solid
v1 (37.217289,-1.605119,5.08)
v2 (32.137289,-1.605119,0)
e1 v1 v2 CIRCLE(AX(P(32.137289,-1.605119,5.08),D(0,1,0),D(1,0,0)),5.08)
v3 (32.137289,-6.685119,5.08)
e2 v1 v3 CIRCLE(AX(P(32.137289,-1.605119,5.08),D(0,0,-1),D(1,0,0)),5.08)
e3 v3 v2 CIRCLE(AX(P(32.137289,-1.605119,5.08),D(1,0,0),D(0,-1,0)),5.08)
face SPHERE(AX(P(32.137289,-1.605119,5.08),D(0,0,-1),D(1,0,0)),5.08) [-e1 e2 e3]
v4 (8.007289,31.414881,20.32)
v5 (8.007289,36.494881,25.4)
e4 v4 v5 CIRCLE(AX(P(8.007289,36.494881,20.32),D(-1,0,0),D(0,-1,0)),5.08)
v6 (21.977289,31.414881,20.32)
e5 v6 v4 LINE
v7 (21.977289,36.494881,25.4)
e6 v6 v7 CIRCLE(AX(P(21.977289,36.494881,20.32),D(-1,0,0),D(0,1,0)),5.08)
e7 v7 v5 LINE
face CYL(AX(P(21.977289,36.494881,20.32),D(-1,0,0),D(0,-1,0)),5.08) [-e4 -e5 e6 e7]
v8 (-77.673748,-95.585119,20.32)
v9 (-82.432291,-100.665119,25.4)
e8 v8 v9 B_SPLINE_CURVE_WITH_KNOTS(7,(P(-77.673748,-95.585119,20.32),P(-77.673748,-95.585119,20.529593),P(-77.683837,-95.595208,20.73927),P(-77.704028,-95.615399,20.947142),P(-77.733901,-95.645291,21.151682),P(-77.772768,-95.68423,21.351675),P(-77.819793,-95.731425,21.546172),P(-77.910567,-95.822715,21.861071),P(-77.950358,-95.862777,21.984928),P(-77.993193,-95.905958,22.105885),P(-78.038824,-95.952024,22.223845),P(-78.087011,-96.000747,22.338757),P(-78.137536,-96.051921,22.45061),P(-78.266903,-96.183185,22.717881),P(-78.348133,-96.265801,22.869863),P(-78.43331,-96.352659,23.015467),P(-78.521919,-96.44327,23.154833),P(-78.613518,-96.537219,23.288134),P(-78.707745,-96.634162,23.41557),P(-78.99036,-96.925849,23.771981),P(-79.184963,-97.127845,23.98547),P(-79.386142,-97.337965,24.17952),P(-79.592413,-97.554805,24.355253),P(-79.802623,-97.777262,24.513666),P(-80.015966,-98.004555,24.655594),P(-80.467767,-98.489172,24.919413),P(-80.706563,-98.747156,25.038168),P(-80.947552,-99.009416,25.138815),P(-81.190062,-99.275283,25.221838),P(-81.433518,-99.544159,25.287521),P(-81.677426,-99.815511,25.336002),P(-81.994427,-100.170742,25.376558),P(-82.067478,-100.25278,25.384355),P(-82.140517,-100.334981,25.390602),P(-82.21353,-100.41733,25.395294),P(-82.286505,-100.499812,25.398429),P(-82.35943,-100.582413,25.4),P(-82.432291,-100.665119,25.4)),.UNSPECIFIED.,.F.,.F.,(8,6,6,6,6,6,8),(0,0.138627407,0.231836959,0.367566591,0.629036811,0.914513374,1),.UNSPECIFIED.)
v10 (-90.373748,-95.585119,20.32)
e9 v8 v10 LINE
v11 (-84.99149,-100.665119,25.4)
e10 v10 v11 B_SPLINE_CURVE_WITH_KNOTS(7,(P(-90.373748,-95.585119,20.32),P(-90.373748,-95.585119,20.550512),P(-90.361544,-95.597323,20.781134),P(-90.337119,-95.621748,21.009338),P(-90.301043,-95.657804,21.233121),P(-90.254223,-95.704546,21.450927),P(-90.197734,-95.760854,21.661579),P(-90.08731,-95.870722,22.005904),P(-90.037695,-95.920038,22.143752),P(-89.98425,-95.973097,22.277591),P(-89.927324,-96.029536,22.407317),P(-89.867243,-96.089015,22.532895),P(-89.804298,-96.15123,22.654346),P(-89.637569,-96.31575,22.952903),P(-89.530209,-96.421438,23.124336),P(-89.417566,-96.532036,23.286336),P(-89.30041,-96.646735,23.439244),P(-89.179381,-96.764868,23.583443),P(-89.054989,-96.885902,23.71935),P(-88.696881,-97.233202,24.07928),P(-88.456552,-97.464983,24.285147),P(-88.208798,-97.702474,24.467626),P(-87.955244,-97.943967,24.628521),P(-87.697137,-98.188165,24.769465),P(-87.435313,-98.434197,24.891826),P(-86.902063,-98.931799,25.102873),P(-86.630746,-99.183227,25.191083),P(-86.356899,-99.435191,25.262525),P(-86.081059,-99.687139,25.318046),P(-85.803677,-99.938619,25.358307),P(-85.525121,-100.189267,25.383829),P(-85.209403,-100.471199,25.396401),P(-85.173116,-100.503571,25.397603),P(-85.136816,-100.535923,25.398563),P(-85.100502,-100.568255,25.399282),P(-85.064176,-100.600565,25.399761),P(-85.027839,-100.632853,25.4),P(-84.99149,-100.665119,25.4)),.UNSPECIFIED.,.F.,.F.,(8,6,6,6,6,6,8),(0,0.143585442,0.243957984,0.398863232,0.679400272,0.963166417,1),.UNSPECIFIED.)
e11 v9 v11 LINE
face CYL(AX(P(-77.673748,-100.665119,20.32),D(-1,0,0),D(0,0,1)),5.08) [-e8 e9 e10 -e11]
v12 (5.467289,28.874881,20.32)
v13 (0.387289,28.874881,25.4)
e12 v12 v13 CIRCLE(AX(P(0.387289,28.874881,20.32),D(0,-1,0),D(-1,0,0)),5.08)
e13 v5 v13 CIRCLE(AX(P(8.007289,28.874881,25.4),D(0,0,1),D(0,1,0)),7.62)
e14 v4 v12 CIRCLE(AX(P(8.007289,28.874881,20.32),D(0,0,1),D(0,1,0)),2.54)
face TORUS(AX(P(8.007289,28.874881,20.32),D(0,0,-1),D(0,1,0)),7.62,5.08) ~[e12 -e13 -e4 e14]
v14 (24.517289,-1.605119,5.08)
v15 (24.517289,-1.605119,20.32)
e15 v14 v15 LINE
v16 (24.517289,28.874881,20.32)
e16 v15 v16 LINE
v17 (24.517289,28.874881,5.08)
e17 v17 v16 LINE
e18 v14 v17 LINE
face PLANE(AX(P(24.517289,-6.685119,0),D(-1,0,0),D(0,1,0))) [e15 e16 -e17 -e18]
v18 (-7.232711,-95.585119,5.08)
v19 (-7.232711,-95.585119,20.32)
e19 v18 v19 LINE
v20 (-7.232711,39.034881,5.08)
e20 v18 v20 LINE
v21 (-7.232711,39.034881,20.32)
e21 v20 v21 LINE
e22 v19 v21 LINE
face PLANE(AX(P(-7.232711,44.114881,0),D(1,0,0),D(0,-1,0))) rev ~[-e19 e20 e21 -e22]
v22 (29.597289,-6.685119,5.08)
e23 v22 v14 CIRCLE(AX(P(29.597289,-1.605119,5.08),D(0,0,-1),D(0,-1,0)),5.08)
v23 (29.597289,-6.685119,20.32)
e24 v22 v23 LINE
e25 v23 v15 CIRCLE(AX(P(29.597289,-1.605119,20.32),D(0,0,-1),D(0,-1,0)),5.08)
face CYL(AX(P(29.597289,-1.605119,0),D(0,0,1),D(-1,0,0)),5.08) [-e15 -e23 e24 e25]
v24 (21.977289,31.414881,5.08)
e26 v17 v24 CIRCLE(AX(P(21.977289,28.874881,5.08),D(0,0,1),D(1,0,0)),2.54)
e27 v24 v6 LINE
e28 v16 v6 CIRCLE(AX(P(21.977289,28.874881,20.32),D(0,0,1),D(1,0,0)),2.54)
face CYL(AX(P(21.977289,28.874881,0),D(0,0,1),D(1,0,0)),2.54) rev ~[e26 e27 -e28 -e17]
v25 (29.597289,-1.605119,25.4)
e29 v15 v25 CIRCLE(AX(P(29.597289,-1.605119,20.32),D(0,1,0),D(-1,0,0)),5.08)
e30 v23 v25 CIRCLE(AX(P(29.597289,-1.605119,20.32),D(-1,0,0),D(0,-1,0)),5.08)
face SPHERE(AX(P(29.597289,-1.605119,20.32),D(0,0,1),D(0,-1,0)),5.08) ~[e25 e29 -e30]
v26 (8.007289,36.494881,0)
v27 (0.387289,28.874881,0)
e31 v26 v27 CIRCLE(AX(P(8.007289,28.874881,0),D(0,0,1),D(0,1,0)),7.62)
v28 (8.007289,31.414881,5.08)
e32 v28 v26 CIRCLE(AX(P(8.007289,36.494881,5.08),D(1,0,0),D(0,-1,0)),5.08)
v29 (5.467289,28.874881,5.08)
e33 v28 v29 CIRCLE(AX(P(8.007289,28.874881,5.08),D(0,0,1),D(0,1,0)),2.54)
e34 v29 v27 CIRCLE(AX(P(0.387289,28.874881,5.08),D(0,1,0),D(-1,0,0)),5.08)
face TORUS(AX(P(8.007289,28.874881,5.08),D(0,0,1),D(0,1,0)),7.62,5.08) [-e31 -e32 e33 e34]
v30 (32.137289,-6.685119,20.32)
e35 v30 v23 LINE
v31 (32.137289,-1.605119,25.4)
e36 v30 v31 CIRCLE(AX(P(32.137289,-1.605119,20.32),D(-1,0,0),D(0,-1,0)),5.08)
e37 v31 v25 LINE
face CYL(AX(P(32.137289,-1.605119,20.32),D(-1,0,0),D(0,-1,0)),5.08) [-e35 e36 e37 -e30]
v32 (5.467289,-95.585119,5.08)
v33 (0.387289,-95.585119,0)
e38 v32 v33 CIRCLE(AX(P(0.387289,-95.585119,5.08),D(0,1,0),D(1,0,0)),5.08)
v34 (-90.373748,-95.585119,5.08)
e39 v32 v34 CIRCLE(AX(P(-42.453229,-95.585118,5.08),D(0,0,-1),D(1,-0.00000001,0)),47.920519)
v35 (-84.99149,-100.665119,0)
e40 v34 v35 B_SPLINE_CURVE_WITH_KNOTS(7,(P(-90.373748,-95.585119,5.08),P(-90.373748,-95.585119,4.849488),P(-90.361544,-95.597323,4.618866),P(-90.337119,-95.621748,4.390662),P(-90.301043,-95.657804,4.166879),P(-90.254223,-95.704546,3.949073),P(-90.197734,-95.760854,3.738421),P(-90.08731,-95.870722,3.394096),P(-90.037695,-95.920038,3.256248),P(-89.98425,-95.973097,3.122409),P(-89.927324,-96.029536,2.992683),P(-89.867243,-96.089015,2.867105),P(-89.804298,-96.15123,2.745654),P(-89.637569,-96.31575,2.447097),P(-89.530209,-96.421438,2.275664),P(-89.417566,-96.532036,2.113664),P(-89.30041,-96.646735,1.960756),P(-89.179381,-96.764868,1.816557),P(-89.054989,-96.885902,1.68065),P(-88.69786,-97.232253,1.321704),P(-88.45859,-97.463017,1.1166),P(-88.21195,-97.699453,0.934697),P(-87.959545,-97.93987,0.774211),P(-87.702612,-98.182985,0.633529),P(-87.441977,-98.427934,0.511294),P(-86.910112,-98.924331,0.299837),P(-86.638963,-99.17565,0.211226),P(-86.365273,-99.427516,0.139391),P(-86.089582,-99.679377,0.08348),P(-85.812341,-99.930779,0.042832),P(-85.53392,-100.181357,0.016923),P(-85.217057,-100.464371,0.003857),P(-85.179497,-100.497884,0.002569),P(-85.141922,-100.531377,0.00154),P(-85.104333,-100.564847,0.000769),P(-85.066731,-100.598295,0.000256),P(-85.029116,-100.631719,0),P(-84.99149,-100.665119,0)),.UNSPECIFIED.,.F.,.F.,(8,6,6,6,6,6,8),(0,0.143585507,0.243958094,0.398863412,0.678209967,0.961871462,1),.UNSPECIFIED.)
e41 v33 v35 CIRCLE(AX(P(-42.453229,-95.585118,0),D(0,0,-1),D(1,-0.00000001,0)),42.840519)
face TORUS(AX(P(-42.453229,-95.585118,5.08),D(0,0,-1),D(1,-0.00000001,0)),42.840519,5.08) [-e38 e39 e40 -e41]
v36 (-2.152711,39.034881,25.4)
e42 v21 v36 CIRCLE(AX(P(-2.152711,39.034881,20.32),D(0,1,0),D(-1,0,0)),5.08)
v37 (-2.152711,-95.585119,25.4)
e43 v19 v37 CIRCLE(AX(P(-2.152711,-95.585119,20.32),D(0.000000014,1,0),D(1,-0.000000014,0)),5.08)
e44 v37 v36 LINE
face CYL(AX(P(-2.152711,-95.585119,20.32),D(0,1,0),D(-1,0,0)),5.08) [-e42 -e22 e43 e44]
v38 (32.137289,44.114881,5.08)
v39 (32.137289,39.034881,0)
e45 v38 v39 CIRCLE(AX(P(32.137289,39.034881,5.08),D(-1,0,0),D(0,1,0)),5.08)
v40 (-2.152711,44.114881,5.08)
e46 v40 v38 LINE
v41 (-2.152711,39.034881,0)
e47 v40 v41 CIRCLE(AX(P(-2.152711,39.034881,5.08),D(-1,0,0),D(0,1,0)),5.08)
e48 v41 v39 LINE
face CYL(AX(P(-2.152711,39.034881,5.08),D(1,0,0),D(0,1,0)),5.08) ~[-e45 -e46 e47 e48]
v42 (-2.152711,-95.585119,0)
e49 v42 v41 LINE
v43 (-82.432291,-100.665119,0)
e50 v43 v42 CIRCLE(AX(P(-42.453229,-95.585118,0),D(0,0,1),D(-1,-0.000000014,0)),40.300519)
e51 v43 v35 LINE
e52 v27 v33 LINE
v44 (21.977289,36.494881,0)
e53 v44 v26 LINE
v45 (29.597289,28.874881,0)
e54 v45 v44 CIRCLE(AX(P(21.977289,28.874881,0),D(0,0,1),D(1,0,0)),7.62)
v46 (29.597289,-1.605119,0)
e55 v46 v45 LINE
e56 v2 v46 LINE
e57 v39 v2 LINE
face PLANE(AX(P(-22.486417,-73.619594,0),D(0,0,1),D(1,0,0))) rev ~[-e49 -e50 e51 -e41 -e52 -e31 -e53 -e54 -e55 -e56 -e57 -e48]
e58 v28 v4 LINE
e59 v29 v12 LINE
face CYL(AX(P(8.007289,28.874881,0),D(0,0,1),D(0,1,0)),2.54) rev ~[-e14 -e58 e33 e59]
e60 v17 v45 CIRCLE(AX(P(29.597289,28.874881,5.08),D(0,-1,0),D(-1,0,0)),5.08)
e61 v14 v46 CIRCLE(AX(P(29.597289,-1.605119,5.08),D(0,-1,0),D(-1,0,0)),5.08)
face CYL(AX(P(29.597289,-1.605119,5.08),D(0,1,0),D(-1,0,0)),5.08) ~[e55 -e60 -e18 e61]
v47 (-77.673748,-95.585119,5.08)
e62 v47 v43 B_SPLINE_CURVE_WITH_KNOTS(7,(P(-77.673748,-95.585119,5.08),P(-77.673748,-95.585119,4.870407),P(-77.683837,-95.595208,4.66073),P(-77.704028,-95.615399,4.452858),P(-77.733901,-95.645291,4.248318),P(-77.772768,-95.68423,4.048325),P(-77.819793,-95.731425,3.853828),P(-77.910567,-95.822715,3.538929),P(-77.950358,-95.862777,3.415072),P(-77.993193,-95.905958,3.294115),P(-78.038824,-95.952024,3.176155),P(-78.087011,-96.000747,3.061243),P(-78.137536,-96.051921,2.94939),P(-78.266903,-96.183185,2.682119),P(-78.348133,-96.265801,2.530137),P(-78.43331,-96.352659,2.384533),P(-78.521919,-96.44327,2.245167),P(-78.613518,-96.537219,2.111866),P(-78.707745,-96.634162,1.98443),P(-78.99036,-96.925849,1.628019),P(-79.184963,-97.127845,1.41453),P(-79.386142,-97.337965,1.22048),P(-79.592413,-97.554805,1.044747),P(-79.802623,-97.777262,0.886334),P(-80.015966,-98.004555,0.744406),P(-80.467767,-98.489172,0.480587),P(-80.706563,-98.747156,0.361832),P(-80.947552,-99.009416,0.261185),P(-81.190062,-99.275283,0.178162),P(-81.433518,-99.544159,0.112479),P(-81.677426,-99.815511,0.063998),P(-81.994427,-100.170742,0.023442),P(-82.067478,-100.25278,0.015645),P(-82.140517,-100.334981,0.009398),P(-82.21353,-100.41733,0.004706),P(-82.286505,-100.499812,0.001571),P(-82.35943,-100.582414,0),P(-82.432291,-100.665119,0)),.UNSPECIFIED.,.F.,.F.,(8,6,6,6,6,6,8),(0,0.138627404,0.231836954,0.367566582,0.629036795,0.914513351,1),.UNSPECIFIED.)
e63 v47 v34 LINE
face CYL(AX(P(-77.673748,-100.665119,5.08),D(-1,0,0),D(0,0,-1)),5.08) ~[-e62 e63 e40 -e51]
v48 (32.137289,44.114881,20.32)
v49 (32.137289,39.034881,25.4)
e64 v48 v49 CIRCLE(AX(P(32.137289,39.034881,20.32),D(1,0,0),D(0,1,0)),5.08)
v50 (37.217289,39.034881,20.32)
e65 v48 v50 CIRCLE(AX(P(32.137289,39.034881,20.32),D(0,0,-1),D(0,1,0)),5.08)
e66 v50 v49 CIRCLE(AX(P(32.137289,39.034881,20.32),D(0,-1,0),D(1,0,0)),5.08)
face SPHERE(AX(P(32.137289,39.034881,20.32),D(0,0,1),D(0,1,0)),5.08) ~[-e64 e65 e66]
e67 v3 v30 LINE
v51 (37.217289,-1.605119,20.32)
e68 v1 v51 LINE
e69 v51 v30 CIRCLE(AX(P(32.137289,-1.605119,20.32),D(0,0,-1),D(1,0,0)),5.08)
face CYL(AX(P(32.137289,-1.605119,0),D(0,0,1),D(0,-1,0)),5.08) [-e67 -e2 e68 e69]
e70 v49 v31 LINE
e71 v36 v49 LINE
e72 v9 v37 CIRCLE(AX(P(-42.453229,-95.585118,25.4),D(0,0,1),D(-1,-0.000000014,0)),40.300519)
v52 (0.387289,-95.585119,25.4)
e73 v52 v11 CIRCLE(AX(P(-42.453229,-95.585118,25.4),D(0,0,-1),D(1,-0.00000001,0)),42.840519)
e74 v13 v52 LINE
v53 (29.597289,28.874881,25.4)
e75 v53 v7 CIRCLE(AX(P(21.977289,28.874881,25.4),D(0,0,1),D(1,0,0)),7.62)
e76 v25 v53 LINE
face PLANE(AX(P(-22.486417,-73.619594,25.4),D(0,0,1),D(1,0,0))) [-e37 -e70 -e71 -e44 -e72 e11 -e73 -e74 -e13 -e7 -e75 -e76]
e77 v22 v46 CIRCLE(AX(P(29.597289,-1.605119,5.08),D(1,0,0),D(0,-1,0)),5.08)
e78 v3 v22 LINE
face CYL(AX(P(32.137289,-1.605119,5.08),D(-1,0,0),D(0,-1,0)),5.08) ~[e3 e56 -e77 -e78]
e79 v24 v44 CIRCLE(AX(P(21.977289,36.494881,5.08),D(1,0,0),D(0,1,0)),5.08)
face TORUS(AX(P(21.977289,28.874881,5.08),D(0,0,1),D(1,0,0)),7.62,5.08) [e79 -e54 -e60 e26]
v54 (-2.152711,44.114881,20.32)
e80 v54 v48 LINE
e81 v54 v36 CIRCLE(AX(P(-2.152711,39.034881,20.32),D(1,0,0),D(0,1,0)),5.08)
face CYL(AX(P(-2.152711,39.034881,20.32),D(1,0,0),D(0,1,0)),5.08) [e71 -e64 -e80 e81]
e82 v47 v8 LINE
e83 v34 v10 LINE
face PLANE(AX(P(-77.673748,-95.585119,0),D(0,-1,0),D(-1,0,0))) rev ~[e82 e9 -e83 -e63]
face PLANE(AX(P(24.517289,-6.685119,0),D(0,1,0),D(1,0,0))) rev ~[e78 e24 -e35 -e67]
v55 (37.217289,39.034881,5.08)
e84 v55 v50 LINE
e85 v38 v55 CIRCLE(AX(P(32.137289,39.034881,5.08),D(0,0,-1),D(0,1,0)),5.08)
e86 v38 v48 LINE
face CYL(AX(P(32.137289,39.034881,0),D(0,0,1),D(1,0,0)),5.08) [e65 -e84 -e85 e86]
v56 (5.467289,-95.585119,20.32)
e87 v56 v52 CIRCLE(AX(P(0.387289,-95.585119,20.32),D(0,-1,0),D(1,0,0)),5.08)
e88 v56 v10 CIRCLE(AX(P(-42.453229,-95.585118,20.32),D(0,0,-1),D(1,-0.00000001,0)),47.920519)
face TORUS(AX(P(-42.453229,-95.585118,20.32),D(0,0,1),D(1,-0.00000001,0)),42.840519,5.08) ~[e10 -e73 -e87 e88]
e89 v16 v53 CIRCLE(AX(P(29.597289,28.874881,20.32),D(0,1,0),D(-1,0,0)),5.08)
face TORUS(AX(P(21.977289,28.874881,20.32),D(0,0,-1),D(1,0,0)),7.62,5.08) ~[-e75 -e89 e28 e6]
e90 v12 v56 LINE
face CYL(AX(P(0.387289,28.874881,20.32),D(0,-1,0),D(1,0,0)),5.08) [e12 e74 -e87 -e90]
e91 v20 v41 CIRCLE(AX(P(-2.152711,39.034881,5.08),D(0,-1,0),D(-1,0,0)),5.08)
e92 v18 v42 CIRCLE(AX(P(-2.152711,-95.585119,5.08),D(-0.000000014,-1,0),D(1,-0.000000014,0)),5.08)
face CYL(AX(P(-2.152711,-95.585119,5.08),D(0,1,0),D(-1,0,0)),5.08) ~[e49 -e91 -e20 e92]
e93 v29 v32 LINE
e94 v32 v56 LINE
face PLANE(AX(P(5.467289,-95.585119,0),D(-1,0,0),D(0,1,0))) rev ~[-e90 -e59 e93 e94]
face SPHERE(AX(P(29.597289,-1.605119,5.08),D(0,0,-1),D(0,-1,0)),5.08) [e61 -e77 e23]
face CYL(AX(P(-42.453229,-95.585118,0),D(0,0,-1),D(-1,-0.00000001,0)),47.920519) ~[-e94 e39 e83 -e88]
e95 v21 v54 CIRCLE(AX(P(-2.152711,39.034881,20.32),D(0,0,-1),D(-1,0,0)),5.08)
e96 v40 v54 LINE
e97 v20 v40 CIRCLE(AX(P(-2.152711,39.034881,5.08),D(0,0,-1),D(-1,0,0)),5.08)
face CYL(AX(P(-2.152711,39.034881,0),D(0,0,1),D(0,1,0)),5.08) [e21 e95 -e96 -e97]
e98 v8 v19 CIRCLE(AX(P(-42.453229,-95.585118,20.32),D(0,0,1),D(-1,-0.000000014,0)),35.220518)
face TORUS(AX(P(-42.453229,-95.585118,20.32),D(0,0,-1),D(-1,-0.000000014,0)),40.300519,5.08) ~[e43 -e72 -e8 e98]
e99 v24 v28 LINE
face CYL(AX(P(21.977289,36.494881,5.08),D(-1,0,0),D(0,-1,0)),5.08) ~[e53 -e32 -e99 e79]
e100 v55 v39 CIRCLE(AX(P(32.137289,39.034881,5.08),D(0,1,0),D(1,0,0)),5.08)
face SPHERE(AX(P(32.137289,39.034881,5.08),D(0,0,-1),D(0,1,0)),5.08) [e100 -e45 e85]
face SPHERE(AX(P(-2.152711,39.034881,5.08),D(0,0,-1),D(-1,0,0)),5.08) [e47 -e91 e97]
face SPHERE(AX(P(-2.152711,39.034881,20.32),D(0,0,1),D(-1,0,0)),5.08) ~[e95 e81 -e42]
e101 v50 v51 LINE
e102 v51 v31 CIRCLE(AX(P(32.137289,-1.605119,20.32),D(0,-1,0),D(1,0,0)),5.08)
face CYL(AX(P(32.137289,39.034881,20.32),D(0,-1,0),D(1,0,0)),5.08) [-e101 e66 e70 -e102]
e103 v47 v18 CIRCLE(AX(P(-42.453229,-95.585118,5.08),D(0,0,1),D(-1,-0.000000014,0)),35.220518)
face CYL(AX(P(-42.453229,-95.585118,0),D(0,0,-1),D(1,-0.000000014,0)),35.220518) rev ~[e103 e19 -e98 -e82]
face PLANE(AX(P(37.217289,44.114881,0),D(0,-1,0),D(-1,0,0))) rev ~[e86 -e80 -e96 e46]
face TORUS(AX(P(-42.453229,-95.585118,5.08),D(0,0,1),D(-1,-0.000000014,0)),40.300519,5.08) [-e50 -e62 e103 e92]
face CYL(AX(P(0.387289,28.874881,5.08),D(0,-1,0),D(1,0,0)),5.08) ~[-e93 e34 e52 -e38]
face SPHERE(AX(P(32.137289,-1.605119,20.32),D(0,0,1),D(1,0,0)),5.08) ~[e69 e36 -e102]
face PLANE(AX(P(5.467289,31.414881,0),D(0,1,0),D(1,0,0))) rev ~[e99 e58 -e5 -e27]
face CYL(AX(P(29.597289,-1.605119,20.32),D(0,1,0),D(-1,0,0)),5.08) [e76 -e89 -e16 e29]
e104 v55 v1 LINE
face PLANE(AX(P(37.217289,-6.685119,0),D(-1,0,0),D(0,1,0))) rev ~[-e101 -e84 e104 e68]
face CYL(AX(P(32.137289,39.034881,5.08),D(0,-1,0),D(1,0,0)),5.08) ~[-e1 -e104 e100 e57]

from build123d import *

# Parameters (mm, degrees)
F0_W     = 12.7
F0_H     = 38.1
F1_DEPTH = 25.4
F2_R     = 5.08
F3_R     = 2.54
F4_R     = 5.08


with BuildPart() as f1:
    # F0 (on Top) → F1 (new body)
    with BuildSketch(Plane.XY):
        with BuildLine():
            Line((5.467289, 31.414881), (-7.232711, 31.414881))
            Line((-7.232711, 31.414881), (-7.232711, -95.585119))
            ThreePointArc((-7.232711, -95.585119), (-42.453229, -130.805637), (-77.673748, -95.585119))
            Line((-77.673748, -95.585119), (-90.373748, -95.585119))
            ThreePointArc((-90.373748, -95.585119), (-42.453229, -143.505637), (5.467289, -95.585119))
            Line((5.467289, -95.585119), (5.467289, 31.414881))
        make_face()
        Polygon((-7.232711, 44.114881), (-7.232711, 31.414881), (5.467289, 31.414881), (24.517289, 31.414881), (37.217289, 31.414881), (37.217289, 44.114881), align=None)
        with Locations((30.867289, 12.364881)):
            Rectangle(F0_W, F0_H)
    extrude(amount=F1_DEPTH)

    # F2
    f2_edges = [f1.edges().sort_by_distance(p)[0] for p in [
        (37.217289, -6.685119, 12.7),
        (24.517289, -6.685119, 12.7),
        (37.217289, 44.114881, 12.7),
        (-7.232711, 44.114881, 12.7),
    ]]
    fillet(f2_edges, radius=F2_R)

    # F3
    f3_edges = [f1.edges().sort_by_distance(p)[0] for p in [
        (5.467289, 31.414881, 12.7),
        (24.517289, 31.414881, 12.7),
    ]]
    fillet(f3_edges, radius=F3_R)

    # F4
    f4_edges = [f1.edges().sort_by_distance(p)[0] for p in [
        (24.517289, 13.634881, 25.4),
        (23.77334, 30.670933, 25.4),
        (26.005187, -5.197221, 25.4),
        (14.992289, 31.414881, 25.4),
        (30.867289, -6.685119, 25.4),
        (6.211238, 30.670933, 25.4),
        (35.729392, -5.197221, 25.4),
        (5.467289, -33.355119, 25.4),
        (37.217289, 18.714881, 25.4),
        (-42.453229, -143.505637, 25.4),
        (35.729392, 42.626984, 25.4),
        (-84.023748, -95.585119, 25.4),
        (14.992289, 44.114881, 25.4),
        (-42.453229, -130.805637, 25.4),
        (-5.744813, 42.626984, 25.4),
        (-7.232711, -28.275119, 25.4),
        (24.517289, 13.634881, 0),
        (23.77334, 30.670933, 0),
        (26.005187, -5.197221, 0),
        (14.992289, 31.414881, 0),
        (30.867289, -6.685119, 0),
        (6.211238, 30.670933, 0),
        (35.729392, -5.197221, 0),
        (5.467289, -33.355119, 0),
        (37.217289, 18.714881, 0),
        (-42.453229, -143.505637, 0),
        (35.729392, 42.626984, 0),
        (-84.023748, -95.585119, 0),
        (14.992289, 44.114881, 0),
        (-42.453229, -130.805637, 0),
        (-5.744813, 42.626984, 0),
        (-7.232711, -28.275119, 0),
    ]]
    fillet(f4_edges, radius=F4_R)


solid = f1.part
